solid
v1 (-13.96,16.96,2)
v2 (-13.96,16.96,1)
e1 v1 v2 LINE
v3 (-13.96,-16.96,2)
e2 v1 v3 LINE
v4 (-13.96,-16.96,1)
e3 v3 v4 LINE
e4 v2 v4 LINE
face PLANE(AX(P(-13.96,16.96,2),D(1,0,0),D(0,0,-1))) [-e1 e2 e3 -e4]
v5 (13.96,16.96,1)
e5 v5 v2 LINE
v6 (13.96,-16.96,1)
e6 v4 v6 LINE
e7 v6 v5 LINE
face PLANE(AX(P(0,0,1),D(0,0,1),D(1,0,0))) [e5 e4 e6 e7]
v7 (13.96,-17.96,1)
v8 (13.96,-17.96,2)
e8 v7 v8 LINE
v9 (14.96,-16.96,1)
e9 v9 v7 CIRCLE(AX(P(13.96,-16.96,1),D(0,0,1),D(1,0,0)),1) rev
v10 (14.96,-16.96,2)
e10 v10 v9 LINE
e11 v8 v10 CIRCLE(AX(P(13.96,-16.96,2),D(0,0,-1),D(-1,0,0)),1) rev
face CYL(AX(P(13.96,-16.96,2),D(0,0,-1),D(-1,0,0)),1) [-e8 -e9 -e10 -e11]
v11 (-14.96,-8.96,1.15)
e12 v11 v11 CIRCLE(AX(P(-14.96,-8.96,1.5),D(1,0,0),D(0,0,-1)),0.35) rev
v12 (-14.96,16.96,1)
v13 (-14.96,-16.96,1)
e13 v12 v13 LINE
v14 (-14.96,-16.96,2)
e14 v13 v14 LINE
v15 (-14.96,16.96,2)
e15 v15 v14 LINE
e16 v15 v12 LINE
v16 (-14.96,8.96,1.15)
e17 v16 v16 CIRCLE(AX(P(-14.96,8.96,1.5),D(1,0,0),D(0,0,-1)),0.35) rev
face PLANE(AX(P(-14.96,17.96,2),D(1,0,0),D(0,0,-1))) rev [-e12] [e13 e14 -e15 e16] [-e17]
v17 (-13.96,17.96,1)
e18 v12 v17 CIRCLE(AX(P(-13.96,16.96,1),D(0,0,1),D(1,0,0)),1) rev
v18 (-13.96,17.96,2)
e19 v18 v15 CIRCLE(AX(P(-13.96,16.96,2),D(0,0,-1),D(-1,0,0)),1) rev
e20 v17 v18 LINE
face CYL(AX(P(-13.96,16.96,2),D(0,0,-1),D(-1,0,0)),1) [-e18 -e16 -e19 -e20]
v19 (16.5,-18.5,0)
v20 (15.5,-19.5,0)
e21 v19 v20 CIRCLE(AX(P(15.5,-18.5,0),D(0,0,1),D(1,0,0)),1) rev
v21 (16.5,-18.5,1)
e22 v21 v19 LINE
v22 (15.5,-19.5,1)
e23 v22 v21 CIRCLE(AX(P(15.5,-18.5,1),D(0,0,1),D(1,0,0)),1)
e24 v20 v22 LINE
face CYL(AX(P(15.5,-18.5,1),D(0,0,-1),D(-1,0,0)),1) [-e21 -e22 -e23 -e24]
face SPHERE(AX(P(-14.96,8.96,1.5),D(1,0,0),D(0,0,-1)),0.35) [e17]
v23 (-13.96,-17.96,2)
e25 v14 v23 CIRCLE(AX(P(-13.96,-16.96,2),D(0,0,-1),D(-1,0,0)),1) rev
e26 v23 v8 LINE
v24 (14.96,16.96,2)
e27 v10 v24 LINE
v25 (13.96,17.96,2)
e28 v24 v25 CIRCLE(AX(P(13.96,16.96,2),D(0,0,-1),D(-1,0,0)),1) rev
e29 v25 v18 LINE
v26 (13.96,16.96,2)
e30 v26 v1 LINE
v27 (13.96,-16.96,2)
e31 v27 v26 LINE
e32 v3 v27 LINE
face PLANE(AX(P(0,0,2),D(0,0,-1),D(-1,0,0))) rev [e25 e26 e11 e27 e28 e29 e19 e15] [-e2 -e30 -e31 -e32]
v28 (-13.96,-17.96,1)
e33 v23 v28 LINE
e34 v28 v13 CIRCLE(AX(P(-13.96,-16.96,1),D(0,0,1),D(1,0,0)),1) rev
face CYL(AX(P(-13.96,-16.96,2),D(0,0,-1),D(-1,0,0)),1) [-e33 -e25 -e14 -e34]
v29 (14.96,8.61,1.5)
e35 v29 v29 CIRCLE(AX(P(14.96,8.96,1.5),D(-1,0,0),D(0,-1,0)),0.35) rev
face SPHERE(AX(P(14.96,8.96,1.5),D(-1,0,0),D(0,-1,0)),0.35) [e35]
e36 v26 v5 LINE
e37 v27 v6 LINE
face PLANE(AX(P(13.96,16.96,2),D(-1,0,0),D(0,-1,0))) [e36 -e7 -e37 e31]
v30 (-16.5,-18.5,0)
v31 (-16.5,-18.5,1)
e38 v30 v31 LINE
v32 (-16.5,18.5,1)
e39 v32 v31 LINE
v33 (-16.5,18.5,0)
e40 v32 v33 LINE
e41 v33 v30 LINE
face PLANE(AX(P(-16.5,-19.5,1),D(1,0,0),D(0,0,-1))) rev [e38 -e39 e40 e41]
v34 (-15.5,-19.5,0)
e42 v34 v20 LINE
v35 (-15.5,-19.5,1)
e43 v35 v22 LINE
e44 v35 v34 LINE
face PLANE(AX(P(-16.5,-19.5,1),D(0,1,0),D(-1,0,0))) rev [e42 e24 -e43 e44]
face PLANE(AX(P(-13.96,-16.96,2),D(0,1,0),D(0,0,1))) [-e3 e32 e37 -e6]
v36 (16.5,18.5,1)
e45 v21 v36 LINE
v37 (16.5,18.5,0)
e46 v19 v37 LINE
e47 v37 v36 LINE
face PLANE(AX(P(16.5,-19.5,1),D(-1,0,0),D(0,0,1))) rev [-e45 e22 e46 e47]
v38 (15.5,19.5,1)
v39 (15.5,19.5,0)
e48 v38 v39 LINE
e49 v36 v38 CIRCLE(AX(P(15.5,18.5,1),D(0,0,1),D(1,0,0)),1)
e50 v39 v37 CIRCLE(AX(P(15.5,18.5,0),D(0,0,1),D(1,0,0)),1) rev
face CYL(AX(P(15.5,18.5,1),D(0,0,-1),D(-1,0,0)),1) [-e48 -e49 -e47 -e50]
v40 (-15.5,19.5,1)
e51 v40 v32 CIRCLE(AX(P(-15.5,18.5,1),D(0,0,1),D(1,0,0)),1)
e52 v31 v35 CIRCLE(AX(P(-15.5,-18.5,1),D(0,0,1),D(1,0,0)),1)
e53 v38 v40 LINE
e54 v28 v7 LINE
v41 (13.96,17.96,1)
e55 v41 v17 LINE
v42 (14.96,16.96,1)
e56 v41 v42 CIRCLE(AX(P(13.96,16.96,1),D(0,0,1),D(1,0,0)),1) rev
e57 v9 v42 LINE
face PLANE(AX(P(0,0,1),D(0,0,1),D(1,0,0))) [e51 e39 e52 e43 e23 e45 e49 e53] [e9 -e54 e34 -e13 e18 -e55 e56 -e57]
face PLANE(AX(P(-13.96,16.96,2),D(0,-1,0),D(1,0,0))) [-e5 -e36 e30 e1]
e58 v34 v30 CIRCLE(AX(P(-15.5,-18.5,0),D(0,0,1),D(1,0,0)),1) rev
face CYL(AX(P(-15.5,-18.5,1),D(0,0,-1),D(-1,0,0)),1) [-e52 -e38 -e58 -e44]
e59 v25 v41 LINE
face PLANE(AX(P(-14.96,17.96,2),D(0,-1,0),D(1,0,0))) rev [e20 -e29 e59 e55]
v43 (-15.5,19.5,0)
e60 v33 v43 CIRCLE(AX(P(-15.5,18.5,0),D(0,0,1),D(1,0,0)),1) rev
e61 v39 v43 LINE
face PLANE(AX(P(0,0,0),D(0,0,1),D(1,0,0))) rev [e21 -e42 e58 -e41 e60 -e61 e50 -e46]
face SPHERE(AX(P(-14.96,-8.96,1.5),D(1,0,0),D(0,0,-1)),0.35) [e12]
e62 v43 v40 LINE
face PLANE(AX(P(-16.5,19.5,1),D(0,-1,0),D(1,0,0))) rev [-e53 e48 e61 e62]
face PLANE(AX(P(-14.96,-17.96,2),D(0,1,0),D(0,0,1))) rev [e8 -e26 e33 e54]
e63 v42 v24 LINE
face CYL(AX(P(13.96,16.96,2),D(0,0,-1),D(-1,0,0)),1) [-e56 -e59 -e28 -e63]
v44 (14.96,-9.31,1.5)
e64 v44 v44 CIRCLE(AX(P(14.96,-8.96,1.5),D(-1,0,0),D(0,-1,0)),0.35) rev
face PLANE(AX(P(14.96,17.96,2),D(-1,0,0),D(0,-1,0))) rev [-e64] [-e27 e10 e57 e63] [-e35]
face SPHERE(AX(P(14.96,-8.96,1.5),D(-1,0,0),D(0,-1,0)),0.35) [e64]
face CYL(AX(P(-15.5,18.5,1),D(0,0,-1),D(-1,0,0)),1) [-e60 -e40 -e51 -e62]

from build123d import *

# Parameters (mm, degrees)
ESQUISSE1_W            = 39
ESQUISSE1_H            = 33
BOSS_EXTRU_1_DEPTH     = 1
ESQUISSE2_W            = 29.92
ESQUISSE2_H            = 35.92
ESQUISSE2_W_2          = 27.92
ESQUISSE2_H_2          = 33.92
BOSS_EXTRU_2_DEPTH     = 1
R_VOLUTION2_ANGLE      = 180
SYM_TRIE2_COPY_1_ANGLE = 180
CONG_1_R               = 1
CONG_2_R               = 1


with BuildPart() as part:
    # Esquisse1 → Boss.-Extru.1 (new body)
    with BuildSketch(Plane(origin=(0, 0, 0), x_dir=(0, 1, 0), z_dir=(0, 0, 1))):
        Rectangle(ESQUISSE1_W, ESQUISSE1_H)
    extrude(amount=BOSS_EXTRU_1_DEPTH)

    # Esquisse2 → Boss.-Extru.2 (add)
    with BuildSketch(Plane.XY.offset(1)):
        Rectangle(ESQUISSE2_W, ESQUISSE2_H)
        Rectangle(ESQUISSE2_W_2, ESQUISSE2_H_2, mode=Mode.SUBTRACT)
    extrude(amount=BOSS_EXTRU_2_DEPTH)

    # Esquisse3 → Révolution2 (revolve)
    with BuildSketch(Plane.YZ.offset(14.96)):
        with BuildLine():
            Line((-9.31, 1.5), (-8.61, 1.5))
            ThreePointArc((-8.61, 1.5), (-8.96, 1.85), (-9.31, 1.5))
        make_face()
    r_volution2 = revolve(axis=Axis((14.96, -17.96, 1.5), (0, 1, 0)), revolution_arc=R_VOLUTION2_ANGLE)

    # Symétrie1: Révolution2 across plane
    add(r_volution2.mirror(Plane.ZX))

    # Symétrie2: Révolution2 across plane
    add(r_volution2.mirror(Plane(origin=(0, 0, 0), x_dir=(0, 0, 1), z_dir=(1, 0, 0))))

    # Symétrie2 copy 1 sketch → Symétrie2 copy 1 (revolve)
    with BuildSketch(Plane(origin=(-14.96, 0, 0), x_dir=(0, -1, 0), z_dir=(-1, 0, 0))):
        with BuildLine():
            Line((-9.31, 1.5), (-8.61, 1.5))
            ThreePointArc((-8.61, 1.5), (-8.96, 1.85), (-9.31, 1.5))
        make_face()
    revolve(axis=Axis((-14.96, 17.96, 1.5), (0, -1, 0)), revolution_arc=SYM_TRIE2_COPY_1_ANGLE)

    # Congé1
    cong_1_edges = [part.edges().sort_by_distance(p)[0] for p in [
        (16.5, 19.5, 0.5),
        (16.5, -19.5, 0.5),
        (-16.5, -19.5, 0.5),
        (-16.5, 19.5, 0.5),
    ]]
    fillet(cong_1_edges, radius=CONG_1_R)

    # Congé2
    cong_2_edges = [part.edges().sort_by_distance(p)[0] for p in [
        (14.96, 17.96, 1.5),
        (-14.96, 17.96, 1.5),
        (-14.96, -17.96, 1.5),
        (14.96, -17.96, 1.5),
    ]]
    fillet(cong_2_edges, radius=CONG_2_R)


solid = part.part
